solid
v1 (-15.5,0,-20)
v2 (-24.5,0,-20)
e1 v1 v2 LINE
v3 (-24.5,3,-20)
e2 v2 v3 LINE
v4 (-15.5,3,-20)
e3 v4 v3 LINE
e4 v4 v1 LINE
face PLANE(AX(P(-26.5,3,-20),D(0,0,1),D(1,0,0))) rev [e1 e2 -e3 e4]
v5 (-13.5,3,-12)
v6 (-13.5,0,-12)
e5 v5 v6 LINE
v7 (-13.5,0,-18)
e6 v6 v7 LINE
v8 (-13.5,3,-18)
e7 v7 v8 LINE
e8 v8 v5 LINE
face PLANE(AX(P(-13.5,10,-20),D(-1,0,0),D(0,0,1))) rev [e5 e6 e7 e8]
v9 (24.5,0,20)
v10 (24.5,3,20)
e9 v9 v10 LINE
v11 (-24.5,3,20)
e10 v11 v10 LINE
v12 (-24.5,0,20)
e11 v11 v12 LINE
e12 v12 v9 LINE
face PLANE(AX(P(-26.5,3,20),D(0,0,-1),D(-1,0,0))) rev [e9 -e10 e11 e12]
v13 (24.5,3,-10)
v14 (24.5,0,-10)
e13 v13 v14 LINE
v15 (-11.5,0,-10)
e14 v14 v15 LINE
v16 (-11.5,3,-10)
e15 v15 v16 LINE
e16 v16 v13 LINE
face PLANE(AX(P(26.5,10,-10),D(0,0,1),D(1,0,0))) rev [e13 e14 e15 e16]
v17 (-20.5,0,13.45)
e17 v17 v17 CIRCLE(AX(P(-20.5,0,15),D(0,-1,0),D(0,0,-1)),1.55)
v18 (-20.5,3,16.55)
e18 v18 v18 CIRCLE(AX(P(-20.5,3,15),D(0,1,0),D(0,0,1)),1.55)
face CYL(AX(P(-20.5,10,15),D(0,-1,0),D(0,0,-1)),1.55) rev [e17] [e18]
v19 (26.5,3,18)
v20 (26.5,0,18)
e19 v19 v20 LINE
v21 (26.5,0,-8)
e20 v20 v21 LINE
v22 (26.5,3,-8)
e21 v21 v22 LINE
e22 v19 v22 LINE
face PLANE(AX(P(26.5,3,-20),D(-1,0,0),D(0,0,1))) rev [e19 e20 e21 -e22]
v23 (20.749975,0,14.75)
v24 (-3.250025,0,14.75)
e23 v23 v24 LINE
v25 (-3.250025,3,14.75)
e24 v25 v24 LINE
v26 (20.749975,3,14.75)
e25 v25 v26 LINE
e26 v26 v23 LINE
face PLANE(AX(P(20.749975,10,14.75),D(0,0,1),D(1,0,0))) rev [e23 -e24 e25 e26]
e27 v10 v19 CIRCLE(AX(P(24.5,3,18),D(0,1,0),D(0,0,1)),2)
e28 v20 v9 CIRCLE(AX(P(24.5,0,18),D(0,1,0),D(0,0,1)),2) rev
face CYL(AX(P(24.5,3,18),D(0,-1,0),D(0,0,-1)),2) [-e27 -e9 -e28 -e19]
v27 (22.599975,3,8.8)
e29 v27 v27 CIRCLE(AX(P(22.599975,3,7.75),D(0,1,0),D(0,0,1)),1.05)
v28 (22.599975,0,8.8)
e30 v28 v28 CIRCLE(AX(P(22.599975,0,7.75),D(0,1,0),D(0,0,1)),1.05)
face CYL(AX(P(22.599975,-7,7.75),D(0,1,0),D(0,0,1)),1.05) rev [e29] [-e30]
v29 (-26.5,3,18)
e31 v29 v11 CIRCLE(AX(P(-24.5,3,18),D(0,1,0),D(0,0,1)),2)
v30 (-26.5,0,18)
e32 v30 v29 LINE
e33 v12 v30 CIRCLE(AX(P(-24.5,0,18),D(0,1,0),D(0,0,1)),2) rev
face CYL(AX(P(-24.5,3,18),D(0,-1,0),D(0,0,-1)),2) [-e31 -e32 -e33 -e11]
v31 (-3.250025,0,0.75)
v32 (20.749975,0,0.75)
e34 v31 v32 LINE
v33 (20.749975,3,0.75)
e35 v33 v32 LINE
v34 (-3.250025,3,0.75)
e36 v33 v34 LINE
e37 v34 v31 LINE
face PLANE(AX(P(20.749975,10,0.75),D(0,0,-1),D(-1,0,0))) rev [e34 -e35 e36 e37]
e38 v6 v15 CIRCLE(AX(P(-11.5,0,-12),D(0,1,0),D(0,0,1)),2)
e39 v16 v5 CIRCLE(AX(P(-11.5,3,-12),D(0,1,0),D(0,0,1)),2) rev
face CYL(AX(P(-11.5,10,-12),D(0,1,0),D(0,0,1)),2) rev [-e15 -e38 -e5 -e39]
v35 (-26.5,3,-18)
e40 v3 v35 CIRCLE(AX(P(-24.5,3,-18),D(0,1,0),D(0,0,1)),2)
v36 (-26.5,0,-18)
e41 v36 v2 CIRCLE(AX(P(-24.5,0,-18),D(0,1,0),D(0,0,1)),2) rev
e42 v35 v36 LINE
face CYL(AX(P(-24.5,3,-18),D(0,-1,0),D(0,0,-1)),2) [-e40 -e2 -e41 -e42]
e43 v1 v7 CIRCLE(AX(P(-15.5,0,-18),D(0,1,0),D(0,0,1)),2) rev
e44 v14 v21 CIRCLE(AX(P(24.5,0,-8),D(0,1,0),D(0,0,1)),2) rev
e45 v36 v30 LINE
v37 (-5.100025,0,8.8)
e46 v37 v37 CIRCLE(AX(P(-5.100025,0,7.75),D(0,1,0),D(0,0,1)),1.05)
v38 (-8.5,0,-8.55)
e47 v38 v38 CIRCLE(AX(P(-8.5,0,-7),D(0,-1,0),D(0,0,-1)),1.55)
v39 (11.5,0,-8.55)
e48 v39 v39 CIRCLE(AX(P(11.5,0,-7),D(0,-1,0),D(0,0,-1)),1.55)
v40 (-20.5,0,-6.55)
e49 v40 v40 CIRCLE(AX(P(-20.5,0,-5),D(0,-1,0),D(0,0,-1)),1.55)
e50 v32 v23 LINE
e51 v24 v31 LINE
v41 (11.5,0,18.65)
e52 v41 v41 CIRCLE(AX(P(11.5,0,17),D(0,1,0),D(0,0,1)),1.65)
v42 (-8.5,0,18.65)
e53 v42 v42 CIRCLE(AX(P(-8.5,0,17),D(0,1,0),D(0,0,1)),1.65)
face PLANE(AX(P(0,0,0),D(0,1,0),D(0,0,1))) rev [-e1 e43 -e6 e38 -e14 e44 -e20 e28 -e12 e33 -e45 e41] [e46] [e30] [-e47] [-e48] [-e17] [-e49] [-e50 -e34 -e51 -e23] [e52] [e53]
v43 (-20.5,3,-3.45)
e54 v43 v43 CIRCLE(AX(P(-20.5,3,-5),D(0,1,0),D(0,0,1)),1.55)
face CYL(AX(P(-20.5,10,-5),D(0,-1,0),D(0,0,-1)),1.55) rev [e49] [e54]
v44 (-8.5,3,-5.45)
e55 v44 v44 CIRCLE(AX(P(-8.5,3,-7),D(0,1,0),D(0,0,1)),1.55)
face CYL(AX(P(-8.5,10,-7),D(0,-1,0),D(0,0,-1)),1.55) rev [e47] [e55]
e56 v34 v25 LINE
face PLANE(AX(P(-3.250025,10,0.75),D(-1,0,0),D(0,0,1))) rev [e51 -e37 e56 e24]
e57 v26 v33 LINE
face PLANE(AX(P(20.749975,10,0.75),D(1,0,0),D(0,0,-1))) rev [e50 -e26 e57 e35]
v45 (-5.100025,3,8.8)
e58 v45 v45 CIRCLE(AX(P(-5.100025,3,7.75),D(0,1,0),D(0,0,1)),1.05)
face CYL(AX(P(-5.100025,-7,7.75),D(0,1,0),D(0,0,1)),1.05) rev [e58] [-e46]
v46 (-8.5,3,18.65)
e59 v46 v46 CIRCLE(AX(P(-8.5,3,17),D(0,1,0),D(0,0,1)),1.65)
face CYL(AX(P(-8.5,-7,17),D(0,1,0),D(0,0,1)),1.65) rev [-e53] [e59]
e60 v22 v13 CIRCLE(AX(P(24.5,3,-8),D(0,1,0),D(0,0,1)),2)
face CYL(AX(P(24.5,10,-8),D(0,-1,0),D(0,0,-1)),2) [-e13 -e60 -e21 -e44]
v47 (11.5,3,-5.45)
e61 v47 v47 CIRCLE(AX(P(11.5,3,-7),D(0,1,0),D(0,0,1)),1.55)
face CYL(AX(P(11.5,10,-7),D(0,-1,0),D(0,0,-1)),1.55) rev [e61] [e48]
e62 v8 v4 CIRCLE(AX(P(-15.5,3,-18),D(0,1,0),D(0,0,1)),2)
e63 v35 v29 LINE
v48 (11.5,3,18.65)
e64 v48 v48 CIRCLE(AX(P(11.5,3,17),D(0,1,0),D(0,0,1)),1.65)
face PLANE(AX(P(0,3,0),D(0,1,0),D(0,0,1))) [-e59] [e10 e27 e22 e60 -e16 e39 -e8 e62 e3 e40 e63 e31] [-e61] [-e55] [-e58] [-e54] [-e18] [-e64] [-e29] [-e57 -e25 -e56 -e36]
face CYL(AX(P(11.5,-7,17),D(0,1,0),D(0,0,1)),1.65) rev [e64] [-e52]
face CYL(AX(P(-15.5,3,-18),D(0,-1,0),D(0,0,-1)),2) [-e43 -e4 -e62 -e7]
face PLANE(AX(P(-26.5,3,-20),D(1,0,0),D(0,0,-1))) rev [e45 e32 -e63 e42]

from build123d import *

# Parameters (mm, degrees)
SKETCH_1_W          = 53
SKETCH_1_H          = 40
EXTRUDE_1_DEPTH     = 3
SKETCH_2_R          = 1.55
CUT_EXTRUDE_1_DEPTH = 10
SKETCH_4_R          = 1.65
CUT_EXTRUDE_2_DEPTH = 10
SKETCH_5_R          = 1.05
CUT_EXTRUDE_3_DEPTH = 10
SKETCH_6_W          = 23
SKETCH_6_H          = 12.5
CUT_EXTRUDE_4_DEPTH = 10
SKETCH_7_W          = 24
SKETCH_7_H          = 14
CUT_EXTRUDE_5_DEPTH = 10
SKETCH_8_W          = 40
SKETCH_8_H          = 10
CUT_EXTRUDE_6_DEPTH = 10
SKETCH_9_R          = 1.55
CUT_EXTRUDE_7_DEPTH = 10
FILLET_1_R          = 2


with BuildPart() as part:
    # 草图1 → 凸台-拉伸1 (new body)
    with BuildSketch(Plane(origin=(0, 0, 0), x_dir=(1, 0, 0), z_dir=(0, 1, 0))):
        Rectangle(SKETCH_1_W, SKETCH_1_H)
    extrude(amount=EXTRUDE_1_DEPTH)

    # 草图2 → 切除-拉伸1 (cut)
    with BuildSketch(Plane(origin=(0, 0, 0), x_dir=(-1, 0, 0), z_dir=(0, -1, 0))):
        with Locations(Location((20.5, -15, 0), (0, 0, 90))):
            Circle(SKETCH_2_R)
        with Locations(Location((20.5, 5, 0), (0, 0, 90))):
            Circle(SKETCH_2_R)
    extrude(amount=-CUT_EXTRUDE_1_DEPTH, mode=Mode.SUBTRACT)

    # 草图4 → 切除-拉伸2 (cut)
    with BuildSketch(Plane(origin=(0, 3, 0), x_dir=(1, 0, 0), z_dir=(0, 1, 0))):
        with Locations(Location((-8.5, -17, 0), (0, 0, 270))):
            Circle(SKETCH_4_R)
        with Locations(Location((11.5, -17, 0), (0, 0, 270))):
            Circle(SKETCH_4_R)
        with Locations(Location((-0.5, 17, 0), (0, 0, 270))):
            Circle(SKETCH_4_R)
        with Locations(Location((19.5, 17, 0), (0, 0, 270))):
            Circle(SKETCH_4_R)
    extrude(amount=-CUT_EXTRUDE_2_DEPTH, mode=Mode.SUBTRACT)

    # 草图5 → 切除-拉伸3 (cut)
    with BuildSketch(Plane(origin=(0, 3, 0), x_dir=(1, 0, 0), z_dir=(0, 1, 0))):
        with Locations(Location((22.599975, -7.75, 0), (0, 0, 270))):
            Circle(SKETCH_5_R)
        with Locations(Location((-5.100025, -7.75, 0), (0, 0, 270))):
            Circle(SKETCH_5_R)
    extrude(amount=-CUT_EXTRUDE_3_DEPTH, mode=Mode.SUBTRACT)

    # 草图6 → 切除-拉伸4 (cut)
    with BuildSketch(Plane(origin=(0, 0, 0), x_dir=(-1, 0, 0), z_dir=(0, -1, 0))):
        with Locations((-8.749975, -7.75)):
            Rectangle(SKETCH_6_W, SKETCH_6_H)
    extrude(amount=-CUT_EXTRUDE_4_DEPTH, mode=Mode.SUBTRACT)

    # 草图7 → 切除-拉伸5 (cut)
    with BuildSketch(Plane(origin=(0, 0, 0), x_dir=(-1, 0, 0), z_dir=(0, -1, 0))):
        with Locations((-8.749975, -7.75)):
            Rectangle(SKETCH_7_W, SKETCH_7_H)
    extrude(amount=-CUT_EXTRUDE_5_DEPTH, mode=Mode.SUBTRACT)

    # 草图8 → 切除-拉伸6 (cut)
    with BuildSketch(Plane(origin=(0, 0, 0), x_dir=(-1, 0, 0), z_dir=(0, -1, 0))):
        with Locations((-6.5, 15)):
            Rectangle(SKETCH_8_W, SKETCH_8_H)
    extrude(amount=-CUT_EXTRUDE_6_DEPTH, mode=Mode.SUBTRACT)

    # 草图9 → 切除-拉伸7 (cut)
    with BuildSketch(Plane(origin=(0, 0, 0), x_dir=(-1, 0, 0), z_dir=(0, -1, 0))):
        with Locations(Location((-11.5, 7, 0), (0, 0, 90))):
            Circle(SKETCH_9_R)
        with Locations(Location((8.5, 7, 0), (0, 0, 90))):
            Circle(SKETCH_9_R)
    extrude(amount=-CUT_EXTRUDE_7_DEPTH, mode=Mode.SUBTRACT)

    # 圆角1
    fillet_1_edges = [part.edges().sort_by_distance(p)[0] for p in [
        (26.5, 1.5, -10),
        (-13.5, 1.5, -20),
        (-13.5, 1.5, -10),
        (26.5, 1.5, 20),
        (-26.5, 1.5, 20),
        (-26.5, 1.5, -20),
    ]]
    fillet(fillet_1_edges, radius=FILLET_1_R)


solid = part.part
